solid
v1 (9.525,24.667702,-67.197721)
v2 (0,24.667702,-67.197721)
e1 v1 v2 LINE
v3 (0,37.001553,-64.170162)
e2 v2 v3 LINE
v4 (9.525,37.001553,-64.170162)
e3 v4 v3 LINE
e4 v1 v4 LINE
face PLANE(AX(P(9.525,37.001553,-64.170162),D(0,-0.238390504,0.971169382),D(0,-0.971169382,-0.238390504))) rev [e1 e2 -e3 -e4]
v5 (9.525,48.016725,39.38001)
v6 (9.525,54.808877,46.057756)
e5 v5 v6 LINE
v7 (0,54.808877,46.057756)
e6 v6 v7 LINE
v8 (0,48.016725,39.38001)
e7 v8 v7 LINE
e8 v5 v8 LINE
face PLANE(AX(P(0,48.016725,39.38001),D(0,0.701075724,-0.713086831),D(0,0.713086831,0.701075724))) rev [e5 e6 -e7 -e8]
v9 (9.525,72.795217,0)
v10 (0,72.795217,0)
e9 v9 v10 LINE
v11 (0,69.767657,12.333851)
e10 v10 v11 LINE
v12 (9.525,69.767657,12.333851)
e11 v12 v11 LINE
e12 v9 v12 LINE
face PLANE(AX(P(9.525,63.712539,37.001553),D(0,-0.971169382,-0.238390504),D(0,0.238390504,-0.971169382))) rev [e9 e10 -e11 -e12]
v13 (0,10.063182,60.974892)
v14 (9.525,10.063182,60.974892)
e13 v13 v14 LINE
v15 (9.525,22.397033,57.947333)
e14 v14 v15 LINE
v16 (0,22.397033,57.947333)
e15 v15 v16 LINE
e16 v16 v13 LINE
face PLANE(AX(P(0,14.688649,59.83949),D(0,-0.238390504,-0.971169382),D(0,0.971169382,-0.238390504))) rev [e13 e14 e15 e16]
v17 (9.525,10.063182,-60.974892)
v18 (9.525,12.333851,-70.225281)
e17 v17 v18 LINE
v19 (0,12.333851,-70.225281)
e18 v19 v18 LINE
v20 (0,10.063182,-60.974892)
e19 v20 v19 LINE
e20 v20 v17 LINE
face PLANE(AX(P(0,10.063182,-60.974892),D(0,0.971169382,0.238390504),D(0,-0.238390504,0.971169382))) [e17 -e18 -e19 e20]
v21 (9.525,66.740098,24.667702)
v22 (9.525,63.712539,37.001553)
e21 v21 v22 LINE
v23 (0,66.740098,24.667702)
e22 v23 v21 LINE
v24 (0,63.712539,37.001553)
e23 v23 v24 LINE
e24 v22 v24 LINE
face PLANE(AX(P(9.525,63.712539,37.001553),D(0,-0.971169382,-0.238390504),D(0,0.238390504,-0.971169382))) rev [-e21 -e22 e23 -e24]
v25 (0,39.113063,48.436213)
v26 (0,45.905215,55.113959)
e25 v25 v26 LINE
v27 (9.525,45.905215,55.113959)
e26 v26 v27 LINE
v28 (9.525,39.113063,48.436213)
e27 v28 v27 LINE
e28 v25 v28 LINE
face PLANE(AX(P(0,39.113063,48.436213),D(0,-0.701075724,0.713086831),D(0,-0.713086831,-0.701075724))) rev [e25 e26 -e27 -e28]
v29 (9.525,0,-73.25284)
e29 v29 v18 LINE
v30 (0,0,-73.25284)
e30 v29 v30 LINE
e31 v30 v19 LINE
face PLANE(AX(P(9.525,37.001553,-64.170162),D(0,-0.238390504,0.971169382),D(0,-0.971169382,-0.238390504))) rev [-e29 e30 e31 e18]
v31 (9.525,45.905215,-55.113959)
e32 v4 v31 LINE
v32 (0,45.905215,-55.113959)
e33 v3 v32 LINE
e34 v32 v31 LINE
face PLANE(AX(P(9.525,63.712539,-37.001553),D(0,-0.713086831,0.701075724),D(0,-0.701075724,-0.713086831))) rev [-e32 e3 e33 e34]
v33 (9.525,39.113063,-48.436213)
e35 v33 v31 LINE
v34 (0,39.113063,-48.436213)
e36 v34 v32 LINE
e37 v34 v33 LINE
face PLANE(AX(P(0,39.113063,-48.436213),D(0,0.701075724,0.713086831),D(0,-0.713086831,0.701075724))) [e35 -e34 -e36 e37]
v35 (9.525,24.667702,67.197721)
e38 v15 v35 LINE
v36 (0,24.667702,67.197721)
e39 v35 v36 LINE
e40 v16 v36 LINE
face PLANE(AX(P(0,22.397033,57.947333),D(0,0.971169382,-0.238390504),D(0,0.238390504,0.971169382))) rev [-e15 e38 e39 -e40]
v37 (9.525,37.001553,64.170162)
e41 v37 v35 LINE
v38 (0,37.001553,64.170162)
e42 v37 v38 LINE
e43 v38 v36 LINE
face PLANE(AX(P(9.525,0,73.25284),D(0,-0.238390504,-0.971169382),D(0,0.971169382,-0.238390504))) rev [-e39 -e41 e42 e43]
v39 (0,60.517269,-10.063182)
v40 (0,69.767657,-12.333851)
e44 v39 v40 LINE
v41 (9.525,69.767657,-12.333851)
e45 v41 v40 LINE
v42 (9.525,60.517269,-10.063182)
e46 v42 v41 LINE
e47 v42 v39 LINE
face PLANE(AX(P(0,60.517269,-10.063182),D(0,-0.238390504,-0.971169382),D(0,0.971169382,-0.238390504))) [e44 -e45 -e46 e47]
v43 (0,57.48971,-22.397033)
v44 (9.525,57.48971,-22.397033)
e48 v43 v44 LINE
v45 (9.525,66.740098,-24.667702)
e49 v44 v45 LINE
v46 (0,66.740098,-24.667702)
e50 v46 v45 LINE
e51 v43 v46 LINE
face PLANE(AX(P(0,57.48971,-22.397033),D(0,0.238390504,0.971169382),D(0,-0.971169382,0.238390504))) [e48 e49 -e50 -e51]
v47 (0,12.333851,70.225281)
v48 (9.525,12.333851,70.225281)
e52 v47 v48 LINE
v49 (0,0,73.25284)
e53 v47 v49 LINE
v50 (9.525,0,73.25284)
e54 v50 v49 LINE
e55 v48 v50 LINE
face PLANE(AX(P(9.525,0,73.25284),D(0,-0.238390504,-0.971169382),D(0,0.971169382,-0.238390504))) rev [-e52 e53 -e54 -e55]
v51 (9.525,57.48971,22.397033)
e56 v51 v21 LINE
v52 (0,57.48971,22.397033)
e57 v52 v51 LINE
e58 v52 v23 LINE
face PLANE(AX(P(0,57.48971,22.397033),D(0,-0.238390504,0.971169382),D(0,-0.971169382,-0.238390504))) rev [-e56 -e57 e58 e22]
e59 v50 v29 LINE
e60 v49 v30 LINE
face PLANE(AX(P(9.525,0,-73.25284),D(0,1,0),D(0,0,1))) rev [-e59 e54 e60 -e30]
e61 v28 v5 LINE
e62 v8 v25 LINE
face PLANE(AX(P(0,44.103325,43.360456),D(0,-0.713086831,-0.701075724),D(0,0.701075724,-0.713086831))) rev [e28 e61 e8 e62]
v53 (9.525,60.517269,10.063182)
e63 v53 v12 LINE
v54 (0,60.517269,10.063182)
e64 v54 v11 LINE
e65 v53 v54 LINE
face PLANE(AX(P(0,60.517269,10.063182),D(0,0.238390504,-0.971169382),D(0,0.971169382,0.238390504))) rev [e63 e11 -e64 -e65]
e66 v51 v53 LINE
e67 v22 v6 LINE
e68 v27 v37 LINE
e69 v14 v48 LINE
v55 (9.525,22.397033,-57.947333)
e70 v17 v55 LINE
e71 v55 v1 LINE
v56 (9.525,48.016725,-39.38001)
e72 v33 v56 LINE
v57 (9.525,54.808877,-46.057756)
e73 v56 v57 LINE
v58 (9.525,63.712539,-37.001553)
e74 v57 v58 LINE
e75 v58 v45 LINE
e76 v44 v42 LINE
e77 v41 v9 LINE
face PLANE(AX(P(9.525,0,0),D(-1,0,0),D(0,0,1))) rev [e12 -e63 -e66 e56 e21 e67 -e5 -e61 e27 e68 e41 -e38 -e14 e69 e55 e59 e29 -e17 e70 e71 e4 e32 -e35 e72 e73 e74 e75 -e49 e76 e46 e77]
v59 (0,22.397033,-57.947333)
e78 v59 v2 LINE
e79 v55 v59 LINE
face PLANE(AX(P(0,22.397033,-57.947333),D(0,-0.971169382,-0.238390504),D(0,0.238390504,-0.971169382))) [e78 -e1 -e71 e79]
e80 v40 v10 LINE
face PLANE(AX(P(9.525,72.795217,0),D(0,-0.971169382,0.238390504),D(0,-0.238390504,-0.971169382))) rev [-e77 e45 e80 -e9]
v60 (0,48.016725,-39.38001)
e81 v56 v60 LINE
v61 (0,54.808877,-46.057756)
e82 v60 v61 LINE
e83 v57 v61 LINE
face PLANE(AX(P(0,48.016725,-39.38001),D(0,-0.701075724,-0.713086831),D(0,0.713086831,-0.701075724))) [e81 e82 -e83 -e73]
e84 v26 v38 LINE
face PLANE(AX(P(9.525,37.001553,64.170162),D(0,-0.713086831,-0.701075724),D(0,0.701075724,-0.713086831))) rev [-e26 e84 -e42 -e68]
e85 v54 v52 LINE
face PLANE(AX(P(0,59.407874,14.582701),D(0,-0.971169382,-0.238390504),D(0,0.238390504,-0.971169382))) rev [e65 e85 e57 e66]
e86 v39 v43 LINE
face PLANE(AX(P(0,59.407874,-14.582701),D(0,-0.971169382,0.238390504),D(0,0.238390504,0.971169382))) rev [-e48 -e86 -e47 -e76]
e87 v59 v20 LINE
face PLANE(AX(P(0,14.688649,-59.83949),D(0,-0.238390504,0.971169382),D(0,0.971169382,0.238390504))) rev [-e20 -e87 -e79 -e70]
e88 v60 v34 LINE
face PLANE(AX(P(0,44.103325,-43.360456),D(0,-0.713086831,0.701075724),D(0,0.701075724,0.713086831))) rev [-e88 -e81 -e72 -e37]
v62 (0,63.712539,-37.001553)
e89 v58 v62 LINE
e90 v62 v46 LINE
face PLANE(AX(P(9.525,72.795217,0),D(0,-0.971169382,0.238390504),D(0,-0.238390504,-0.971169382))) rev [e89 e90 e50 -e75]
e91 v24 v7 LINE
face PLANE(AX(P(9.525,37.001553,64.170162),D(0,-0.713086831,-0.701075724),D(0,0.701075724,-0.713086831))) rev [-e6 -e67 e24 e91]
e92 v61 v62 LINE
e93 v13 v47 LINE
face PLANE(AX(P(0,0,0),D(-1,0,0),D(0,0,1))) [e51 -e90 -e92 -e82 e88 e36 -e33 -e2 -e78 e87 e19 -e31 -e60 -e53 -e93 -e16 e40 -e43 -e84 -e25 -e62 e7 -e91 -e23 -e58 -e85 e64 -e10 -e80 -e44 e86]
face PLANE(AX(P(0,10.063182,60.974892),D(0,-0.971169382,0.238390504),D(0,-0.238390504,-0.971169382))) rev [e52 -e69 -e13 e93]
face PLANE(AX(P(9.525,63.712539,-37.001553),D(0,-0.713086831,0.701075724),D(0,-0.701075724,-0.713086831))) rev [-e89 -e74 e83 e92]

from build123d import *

# Parameters (mm, degrees)
BOSS_EXTRUDE1_DEPTH = 9.525
SKETCH3_W           = 9.525
SKETCH3_H           = 12.7
CUT_EXTRUDE1_DEPTH  = 9.525
SKETCH4_W           = 9.525
SKETCH4_H           = 12.7
CUT_EXTRUDE2_DEPTH  = 9.525
SKETCH5_W           = 9.525
SKETCH5_H           = 12.7
CUT_EXTRUDE3_DEPTH  = 9.525


with BuildPart() as part:
    # Sketch2 → Boss-Extrude1 (new body)
    with BuildSketch(Plane(origin=(0, 0, 0), x_dir=(0, 0, -1), z_dir=(1, 0, 0))):
        Polygon((-73.252839905, 0), (-64.170161704, 37.001553436), (-37.001553436, 63.712538532), (0, 72.795216732), (37.001553436, 63.712538532), (64.170161704, 37.001553436), (73.252839905, 0), align=None)
    extrude(amount=BOSS_EXTRUDE1_DEPTH)

    # Sketch3 → Cut-Extrude1 (cut)
    with BuildSketch(Plane(origin=(0, 16.959318632, 69.089878642), x_dir=(1, 0, 0), z_dir=(0, 0.238390504, 0.971169382))):
        with Locations((4.7625, 1.58721858)):
            Rectangle(SKETCH3_W, SKETCH3_H)
    cut_extrude1 = extrude(amount=-CUT_EXTRUDE1_DEPTH, mode=Mode.SUBTRACT)

    # Sketch4 → Cut-Extrude2 (cut)
    with BuildSketch(Plane(origin=(0, 50.895476621, 50.038202327), x_dir=(1, 0, 0), z_dir=(0, 0.713086831, 0.701075724))):
        with Locations((4.7625, -0.768006391)):
            Rectangle(SKETCH4_W, SKETCH4_H)
    cut_extrude2 = extrude(amount=-CUT_EXTRUDE2_DEPTH, mode=Mode.SUBTRACT)

    # Sketch5 → Cut-Extrude3 (cut)
    with BuildSketch(Plane(origin=(0, 68.658262209, 16.853370832), x_dir=(1, 0, 0), z_dir=(0, 0.971169382, 0.238390504))):
        with Locations((4.7625, -1.696311598)):
            Rectangle(SKETCH5_W, SKETCH5_H)
    cut_extrude3 = extrude(amount=-CUT_EXTRUDE3_DEPTH, mode=Mode.SUBTRACT)

    # Mirror1: Cut-Extrude1, Cut-Extrude2, Cut-Extrude3 across plane
    add(cut_extrude1.mirror(Plane.XY), mode=Mode.SUBTRACT)
    add(cut_extrude2.mirror(Plane.XY), mode=Mode.SUBTRACT)
    add(cut_extrude3.mirror(Plane.XY), mode=Mode.SUBTRACT)


solid = part.part
